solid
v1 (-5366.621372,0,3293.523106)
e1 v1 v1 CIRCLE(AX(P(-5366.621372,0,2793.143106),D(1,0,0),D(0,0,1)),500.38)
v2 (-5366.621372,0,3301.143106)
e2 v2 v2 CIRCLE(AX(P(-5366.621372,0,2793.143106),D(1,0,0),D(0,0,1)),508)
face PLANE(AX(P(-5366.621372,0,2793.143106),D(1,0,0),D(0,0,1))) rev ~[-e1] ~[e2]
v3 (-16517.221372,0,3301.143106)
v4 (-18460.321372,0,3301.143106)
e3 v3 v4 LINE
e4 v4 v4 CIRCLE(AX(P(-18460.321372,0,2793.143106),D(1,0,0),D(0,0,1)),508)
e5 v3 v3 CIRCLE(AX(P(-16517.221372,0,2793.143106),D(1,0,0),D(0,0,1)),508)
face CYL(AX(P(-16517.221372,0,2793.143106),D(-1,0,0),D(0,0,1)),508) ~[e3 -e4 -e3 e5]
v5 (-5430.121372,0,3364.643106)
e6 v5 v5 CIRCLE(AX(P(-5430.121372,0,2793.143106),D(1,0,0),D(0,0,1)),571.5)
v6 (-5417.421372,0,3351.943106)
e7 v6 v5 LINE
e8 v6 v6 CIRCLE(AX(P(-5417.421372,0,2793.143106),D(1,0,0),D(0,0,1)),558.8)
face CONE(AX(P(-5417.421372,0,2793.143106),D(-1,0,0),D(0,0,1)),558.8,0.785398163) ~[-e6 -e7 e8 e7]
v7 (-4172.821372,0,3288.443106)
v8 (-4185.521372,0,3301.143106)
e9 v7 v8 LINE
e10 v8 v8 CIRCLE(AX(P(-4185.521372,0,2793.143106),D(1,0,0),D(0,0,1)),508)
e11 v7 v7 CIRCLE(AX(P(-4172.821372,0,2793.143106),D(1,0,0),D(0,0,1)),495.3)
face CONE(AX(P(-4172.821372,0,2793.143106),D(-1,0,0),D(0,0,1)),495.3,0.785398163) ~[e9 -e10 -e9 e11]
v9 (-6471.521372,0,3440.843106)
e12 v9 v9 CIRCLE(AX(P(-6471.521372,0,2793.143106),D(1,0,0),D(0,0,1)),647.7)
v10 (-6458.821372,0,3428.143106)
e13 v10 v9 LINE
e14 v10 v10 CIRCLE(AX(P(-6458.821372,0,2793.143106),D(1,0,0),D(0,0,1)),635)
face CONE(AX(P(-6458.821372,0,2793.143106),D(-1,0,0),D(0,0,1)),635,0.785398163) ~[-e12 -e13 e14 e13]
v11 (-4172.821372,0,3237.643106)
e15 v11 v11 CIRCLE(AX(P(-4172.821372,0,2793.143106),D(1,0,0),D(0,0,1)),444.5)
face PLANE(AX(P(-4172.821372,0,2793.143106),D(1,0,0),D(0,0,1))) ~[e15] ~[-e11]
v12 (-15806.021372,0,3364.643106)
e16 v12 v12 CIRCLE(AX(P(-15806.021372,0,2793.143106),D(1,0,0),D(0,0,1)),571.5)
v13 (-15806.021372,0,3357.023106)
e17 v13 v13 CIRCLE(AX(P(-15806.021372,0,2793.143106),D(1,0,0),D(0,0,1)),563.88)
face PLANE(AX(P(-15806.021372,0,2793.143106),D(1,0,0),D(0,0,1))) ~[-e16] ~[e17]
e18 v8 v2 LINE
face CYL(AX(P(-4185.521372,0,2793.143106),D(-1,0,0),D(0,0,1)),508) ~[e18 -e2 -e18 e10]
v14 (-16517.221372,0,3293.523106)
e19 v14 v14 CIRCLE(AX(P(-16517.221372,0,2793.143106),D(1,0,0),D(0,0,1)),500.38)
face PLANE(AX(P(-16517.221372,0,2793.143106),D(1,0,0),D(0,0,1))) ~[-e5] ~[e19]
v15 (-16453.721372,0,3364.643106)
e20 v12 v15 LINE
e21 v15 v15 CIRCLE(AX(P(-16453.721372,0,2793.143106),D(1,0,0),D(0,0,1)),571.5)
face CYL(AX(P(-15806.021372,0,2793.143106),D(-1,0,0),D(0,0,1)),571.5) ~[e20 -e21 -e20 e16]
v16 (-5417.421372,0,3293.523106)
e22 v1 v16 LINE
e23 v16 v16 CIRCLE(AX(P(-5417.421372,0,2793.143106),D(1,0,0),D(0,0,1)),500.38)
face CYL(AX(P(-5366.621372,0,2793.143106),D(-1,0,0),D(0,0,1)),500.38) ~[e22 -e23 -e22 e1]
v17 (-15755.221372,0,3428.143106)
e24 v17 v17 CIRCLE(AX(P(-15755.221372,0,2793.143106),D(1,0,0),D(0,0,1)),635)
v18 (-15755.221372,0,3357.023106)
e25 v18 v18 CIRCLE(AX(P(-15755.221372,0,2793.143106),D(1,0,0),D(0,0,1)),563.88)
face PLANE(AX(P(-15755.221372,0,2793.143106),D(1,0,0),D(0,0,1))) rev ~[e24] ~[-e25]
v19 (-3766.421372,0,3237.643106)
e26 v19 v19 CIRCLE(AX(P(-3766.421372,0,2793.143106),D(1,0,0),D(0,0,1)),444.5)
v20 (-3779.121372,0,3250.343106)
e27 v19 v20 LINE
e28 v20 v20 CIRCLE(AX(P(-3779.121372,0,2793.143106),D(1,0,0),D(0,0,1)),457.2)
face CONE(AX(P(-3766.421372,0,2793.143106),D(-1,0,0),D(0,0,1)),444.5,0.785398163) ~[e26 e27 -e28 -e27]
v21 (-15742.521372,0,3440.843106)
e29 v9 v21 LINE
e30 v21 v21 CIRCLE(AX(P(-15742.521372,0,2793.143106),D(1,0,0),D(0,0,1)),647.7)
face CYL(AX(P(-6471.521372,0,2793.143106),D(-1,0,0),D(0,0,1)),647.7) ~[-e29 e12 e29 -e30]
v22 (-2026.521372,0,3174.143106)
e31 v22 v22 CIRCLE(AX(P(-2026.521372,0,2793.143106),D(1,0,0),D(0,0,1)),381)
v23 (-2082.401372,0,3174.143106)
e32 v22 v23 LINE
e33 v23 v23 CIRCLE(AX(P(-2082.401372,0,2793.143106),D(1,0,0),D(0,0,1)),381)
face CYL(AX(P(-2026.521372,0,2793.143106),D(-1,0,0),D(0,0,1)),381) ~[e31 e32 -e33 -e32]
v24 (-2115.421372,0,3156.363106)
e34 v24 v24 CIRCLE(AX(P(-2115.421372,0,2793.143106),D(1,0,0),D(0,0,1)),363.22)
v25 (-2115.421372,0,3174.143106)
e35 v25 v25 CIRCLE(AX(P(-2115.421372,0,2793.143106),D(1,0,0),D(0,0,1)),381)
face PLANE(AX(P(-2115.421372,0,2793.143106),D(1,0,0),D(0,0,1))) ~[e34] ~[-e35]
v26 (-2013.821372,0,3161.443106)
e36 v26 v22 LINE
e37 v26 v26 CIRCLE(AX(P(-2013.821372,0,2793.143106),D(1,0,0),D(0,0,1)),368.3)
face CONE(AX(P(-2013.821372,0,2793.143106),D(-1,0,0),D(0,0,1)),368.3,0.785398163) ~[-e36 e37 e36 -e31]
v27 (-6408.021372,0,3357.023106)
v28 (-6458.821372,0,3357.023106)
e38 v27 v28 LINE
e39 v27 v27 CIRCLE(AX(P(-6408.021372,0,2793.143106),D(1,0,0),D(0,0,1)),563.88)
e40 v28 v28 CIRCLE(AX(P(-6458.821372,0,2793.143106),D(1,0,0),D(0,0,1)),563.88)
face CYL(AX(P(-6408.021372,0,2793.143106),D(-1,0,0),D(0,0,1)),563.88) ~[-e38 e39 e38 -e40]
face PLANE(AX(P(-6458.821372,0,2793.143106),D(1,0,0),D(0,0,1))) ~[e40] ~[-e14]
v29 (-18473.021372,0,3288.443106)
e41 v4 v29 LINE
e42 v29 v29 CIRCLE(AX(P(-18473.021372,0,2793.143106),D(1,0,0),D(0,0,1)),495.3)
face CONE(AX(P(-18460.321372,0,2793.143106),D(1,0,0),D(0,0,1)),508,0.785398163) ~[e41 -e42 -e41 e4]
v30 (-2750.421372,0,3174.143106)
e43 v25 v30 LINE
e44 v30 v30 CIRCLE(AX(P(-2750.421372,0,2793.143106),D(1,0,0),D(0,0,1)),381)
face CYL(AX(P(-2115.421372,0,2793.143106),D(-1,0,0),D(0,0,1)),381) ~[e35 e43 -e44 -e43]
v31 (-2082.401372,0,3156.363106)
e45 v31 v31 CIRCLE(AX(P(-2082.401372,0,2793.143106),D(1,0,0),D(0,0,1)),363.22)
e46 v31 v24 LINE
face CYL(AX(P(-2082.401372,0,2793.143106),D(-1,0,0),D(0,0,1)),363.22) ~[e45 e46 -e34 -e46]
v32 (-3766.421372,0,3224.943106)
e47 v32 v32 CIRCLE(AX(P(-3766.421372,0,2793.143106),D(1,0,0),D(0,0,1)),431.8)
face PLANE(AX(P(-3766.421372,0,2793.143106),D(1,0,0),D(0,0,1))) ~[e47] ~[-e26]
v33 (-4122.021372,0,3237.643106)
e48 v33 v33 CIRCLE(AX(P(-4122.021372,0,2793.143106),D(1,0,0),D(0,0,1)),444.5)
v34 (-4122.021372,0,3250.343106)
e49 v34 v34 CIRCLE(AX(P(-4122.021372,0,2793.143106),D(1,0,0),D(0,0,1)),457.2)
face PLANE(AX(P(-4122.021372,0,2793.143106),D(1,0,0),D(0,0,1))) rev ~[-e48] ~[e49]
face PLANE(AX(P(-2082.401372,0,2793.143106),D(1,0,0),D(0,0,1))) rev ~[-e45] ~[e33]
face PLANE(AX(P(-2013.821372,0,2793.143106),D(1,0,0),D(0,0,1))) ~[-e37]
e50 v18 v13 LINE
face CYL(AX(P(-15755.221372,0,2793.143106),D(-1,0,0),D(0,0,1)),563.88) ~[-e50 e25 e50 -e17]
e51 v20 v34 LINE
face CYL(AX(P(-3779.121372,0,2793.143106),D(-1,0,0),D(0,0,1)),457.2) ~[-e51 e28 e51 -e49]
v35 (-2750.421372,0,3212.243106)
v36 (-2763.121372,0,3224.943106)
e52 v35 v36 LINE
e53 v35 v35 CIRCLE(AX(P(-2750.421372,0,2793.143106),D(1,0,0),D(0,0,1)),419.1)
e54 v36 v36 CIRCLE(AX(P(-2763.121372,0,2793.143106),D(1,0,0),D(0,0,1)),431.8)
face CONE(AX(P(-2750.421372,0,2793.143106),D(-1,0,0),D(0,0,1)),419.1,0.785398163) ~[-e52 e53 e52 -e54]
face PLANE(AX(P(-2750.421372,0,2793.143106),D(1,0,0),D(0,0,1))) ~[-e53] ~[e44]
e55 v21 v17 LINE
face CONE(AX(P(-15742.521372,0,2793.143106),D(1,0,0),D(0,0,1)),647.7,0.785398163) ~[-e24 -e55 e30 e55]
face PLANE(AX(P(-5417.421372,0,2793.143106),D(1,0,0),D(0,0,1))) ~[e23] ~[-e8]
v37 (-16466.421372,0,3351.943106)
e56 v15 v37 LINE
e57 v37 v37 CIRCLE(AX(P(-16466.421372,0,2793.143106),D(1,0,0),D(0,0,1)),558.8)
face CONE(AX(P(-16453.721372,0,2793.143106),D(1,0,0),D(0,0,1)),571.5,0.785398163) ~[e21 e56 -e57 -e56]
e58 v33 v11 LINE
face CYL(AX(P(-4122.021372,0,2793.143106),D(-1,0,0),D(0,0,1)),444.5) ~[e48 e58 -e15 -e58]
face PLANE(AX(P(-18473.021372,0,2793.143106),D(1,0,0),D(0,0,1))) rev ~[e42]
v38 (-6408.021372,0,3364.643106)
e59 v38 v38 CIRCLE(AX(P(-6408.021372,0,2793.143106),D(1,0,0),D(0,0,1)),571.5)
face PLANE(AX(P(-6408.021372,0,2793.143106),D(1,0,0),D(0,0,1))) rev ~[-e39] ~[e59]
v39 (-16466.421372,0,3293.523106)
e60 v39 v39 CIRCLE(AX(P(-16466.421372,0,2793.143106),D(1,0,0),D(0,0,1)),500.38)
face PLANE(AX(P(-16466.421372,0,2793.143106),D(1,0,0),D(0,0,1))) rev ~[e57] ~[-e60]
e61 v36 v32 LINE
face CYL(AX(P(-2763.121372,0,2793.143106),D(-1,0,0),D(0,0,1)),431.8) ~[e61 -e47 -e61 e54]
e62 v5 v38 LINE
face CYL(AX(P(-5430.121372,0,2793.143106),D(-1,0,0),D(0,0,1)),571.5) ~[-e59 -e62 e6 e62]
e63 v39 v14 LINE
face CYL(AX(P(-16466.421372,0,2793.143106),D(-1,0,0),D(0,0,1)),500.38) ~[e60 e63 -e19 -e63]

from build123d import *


with BuildPart() as f1:
    # F0 (on Front) → F1 (revolve)
    with BuildSketch(Plane.XZ):
        Polygon((-2750.421372, 3174.143106), (-2750.421372, 3212.243106), (-2763.121372, 3224.943106), (-3766.421372, 3224.943106), (-3766.421372, 3237.643106), (-3779.121372, 3250.343106), (-4024.762004, 3250.343106), (-4122.021372, 3250.343106), (-4122.021372, 3237.643106), (-4172.821372, 3237.643106), (-4172.821372, 3288.443106), (-4185.521372, 3301.143106), (-5366.621372, 3301.143106), (-5366.621372, 3293.523106), (-5417.421372, 3293.523106), (-5417.421372, 3351.943106), (-5430.121372, 3364.643106), (-6408.021372, 3364.643106), (-6408.021372, 3357.023106), (-6458.821372, 3357.023106), (-6458.821372, 3428.143106), (-6471.521372, 3440.843106), (-15742.521372, 3440.843106), (-15755.221372, 3428.143106), (-15755.221372, 3357.023106), (-15806.021372, 3357.023106), (-15806.021372, 3364.643106), (-15920.330542, 3364.643106), (-16453.721372, 3364.643106), (-16466.421372, 3351.943106), (-16466.421372, 3293.523106), (-16517.221372, 3293.523106), (-16517.221372, 3301.143106), (-18460.321372, 3301.143106), (-18473.021372, 3288.443106), (-18473.021372, 2793.143106), (-2013.821372, 2793.143106), (-2013.821372, 3161.443106), (-2026.521372, 3174.143106), (-2082.401372, 3174.143106), (-2082.401372, 3156.363106), (-2115.421372, 3156.363106), (-2115.421372, 3174.143106), align=None)
    revolve(axis=Axis((-10707.354472, 0, 2793.143106), (1, 0, 0)))


solid = f1.part
